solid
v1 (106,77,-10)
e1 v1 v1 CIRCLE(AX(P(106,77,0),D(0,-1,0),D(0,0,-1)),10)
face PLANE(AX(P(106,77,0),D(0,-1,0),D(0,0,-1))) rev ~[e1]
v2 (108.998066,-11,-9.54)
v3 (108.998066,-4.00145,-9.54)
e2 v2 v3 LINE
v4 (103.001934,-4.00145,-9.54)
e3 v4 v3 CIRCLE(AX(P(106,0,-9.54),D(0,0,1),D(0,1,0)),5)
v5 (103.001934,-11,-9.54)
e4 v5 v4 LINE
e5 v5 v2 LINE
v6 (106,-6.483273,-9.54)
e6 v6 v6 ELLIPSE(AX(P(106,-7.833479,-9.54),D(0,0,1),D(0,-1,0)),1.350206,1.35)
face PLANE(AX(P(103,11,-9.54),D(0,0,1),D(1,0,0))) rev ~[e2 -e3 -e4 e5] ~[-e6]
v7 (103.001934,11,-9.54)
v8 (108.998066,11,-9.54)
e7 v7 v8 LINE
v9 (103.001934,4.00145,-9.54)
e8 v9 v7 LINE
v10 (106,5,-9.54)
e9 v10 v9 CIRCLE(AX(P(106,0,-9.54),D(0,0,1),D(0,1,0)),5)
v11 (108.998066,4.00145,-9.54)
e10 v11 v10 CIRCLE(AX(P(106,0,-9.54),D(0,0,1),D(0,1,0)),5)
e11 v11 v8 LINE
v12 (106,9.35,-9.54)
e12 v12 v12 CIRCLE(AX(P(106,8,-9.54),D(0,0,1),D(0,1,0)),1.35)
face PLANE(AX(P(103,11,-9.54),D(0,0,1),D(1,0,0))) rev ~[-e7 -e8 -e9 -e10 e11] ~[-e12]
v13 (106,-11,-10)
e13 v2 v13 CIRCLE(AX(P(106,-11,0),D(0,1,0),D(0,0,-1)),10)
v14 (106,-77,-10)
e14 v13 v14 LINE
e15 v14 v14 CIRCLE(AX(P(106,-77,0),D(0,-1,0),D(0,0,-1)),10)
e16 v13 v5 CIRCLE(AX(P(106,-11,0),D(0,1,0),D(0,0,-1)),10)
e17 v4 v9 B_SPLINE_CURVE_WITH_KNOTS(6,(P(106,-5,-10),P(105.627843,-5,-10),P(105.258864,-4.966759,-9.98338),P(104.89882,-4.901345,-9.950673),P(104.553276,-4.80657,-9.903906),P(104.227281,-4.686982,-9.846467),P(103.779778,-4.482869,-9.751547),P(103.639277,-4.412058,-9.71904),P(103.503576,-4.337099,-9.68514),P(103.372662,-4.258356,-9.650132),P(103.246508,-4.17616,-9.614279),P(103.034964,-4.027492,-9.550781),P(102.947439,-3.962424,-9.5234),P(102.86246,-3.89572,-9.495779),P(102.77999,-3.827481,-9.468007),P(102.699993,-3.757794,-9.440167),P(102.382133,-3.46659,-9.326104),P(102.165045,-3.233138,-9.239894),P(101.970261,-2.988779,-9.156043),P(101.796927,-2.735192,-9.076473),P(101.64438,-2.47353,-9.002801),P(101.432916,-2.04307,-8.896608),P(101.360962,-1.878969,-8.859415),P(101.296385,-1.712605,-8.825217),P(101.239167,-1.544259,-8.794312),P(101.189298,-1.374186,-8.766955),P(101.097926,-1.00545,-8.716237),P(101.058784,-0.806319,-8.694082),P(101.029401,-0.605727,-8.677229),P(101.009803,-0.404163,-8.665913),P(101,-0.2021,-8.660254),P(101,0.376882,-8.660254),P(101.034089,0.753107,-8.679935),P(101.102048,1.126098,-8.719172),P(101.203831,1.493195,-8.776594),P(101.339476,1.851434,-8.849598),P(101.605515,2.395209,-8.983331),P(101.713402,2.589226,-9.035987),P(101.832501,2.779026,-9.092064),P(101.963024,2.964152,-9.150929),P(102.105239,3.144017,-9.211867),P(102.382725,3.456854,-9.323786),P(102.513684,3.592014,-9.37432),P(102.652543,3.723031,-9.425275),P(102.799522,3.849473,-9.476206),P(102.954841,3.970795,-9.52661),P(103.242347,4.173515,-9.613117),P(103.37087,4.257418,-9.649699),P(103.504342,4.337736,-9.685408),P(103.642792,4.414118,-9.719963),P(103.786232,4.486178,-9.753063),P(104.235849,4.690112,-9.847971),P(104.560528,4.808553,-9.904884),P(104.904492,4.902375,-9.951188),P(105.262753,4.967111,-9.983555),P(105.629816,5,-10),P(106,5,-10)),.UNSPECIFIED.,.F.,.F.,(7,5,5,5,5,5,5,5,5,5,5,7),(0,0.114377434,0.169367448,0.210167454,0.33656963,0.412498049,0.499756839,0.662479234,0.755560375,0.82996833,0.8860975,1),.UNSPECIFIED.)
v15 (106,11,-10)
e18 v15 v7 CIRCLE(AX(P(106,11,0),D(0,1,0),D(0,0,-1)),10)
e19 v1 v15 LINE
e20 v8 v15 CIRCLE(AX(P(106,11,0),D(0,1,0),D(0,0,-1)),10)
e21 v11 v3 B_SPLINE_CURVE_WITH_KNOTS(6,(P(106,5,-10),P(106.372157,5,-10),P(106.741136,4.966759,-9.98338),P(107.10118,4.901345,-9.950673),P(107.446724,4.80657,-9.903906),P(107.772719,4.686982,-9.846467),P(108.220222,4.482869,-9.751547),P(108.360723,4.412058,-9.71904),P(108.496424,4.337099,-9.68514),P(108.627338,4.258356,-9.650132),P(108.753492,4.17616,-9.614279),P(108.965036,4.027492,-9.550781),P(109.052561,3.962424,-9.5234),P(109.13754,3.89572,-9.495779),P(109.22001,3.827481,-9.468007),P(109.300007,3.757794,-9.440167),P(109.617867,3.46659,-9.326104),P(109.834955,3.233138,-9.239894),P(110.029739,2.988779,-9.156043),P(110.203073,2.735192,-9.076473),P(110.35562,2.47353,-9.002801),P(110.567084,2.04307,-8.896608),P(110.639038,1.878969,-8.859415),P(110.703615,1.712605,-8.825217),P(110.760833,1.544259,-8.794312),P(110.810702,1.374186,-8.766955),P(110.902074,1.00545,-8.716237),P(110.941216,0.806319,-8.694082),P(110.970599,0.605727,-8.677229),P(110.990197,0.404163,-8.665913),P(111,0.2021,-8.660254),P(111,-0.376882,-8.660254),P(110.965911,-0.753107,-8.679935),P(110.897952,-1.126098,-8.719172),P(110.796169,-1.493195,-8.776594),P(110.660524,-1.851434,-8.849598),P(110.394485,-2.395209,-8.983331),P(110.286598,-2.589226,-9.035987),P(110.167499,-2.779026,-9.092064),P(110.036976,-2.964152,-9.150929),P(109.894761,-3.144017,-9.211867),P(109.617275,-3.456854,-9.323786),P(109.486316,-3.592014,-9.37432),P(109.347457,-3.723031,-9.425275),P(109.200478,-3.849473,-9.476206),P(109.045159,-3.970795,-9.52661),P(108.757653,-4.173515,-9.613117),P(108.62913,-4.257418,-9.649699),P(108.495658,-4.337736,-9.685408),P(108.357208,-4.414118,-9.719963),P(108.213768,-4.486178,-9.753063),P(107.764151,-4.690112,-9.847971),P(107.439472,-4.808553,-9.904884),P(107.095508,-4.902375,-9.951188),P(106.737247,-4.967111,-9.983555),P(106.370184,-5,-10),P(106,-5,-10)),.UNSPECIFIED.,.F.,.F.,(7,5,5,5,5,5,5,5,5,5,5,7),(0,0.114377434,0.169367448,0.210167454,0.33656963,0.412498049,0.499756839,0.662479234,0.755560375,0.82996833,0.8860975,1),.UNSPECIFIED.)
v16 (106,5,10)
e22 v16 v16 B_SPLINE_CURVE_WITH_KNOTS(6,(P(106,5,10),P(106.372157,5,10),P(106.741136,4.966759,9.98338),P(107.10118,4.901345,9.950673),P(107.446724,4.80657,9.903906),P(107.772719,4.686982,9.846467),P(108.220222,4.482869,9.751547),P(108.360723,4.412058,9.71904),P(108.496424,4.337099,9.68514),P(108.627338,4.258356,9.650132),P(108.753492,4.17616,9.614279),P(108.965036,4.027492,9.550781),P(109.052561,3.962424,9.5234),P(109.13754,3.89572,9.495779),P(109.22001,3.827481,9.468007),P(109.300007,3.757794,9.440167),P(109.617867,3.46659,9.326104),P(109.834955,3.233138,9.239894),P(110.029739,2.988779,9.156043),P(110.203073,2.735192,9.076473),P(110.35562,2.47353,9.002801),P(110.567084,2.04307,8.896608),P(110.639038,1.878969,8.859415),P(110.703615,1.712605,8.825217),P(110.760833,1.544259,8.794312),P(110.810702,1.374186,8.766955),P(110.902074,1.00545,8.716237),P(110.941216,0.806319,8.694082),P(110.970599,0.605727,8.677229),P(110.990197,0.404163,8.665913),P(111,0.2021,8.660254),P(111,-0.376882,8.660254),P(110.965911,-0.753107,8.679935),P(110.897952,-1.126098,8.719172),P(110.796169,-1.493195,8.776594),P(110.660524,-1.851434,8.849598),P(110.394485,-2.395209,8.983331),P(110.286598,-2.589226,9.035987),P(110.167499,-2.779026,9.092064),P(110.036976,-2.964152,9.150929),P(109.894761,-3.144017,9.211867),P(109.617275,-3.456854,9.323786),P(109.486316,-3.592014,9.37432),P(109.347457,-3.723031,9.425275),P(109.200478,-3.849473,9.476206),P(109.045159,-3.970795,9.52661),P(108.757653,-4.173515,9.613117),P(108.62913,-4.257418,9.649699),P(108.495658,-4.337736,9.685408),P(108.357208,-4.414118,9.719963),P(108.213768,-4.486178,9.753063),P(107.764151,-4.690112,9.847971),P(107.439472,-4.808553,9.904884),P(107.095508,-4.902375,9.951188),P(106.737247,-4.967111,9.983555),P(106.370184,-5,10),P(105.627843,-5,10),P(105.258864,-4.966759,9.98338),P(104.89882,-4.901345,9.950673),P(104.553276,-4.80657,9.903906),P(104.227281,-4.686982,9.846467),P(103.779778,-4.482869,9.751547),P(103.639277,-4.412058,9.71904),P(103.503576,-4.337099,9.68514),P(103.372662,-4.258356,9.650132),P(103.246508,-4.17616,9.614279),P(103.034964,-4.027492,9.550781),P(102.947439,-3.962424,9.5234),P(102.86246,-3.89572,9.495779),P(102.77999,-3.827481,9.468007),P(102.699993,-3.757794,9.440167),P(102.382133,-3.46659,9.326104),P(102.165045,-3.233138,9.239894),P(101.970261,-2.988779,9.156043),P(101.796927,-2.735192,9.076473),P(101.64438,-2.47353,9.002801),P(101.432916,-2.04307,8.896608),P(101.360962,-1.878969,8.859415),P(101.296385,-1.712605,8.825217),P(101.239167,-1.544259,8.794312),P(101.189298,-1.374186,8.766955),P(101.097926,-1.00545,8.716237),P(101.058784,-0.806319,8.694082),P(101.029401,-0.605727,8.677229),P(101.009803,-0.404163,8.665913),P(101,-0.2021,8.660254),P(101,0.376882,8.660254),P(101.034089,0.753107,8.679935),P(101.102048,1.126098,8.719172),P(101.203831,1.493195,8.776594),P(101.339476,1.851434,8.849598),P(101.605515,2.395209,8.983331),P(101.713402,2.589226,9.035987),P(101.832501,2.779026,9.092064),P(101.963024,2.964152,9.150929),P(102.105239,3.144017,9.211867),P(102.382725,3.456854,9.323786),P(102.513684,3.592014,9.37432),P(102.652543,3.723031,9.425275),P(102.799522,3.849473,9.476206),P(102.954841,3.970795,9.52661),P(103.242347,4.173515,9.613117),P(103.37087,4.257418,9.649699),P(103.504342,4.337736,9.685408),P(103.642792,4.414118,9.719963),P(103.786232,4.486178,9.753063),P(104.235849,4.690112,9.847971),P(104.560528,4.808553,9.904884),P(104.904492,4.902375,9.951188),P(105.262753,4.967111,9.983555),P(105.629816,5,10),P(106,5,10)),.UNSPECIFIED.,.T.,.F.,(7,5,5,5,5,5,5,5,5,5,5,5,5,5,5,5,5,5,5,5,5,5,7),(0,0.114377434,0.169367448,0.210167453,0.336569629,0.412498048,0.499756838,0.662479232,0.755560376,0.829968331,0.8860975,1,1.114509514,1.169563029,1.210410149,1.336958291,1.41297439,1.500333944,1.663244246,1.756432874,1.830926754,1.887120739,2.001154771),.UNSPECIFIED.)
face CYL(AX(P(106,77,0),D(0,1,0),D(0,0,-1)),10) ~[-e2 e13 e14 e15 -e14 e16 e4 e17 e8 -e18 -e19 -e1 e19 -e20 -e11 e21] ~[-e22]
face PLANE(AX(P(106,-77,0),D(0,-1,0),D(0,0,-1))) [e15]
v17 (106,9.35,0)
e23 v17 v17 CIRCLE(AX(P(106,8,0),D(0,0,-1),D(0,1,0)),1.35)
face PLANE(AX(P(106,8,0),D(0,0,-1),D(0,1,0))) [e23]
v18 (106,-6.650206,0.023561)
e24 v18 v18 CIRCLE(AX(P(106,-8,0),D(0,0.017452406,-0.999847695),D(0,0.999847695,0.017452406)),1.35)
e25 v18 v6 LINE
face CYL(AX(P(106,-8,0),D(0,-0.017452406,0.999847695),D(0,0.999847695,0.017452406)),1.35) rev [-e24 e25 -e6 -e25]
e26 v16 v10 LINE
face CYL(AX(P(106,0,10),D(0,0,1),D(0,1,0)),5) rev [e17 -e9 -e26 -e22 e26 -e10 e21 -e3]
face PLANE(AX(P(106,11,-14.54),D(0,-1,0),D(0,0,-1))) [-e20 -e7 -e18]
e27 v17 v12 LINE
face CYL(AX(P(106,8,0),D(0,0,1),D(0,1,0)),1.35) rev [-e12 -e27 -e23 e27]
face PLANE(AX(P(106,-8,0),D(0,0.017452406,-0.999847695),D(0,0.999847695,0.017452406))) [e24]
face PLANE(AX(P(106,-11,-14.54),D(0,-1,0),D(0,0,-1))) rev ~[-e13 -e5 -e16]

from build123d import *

# Parameters (mm, degrees)
CYLINDER004_R               = 1.35
CYLINDER004_DEPTH           = 10
CYLINDER004_PLACEMENT_ANGLE = 91
CYLINDER003_R               = 1.35
CYLINDER003_DEPTH           = 10
CYLINDER003_PITCH_ANGLE     = 90
CYLINDER002_R               = 5
CYLINDER002_DEPTH           = 20
CYLINDER002_PITCH_ANGLE     = 90
BOX_W                       = 10
BOX_H                       = 6
BOX_DEPTH                   = 22
CYLINDER001_R               = 10
CYLINDER001_DEPTH           = 154
CUT003_PITCH_ANGLE          = 90
CUT003_PLACEMENT_ANGLE      = -90


with BuildPart() as cylinder004:
    # Cylinder004 → Cylinder004 (new body)
    with BuildSketch(Plane.XY):
        Circle(CYLINDER004_R)
    extrude(amount=CYLINDER004_DEPTH)


with BuildPart() as cylinder004_1:
    # Cylinder004 placement: moved
    add(cylinder004.part.moved(Location((0, 0, 85))).rotate(Axis((0, 0, 85), (0, 1, 0)), CYLINDER004_PLACEMENT_ANGLE))


with BuildPart() as cylinder003:
    # Cylinder003 → Cylinder003 (new body)
    with BuildSketch(Plane.XY):
        Circle(CYLINDER003_R)
    extrude(amount=CYLINDER003_DEPTH)


with BuildPart() as cylinder003_1:
    # Cylinder003 pitch: moved
    add(cylinder003.part.rotate(Axis((0, 0, 0), (0, 1, 0)), CYLINDER003_PITCH_ANGLE))


with BuildPart() as cylinder003_2:
    # Cylinder003 placement: moved
    add(cylinder003_1.part.moved(Location((0, 0, 69))))


with BuildPart() as cylinder002:
    # Cylinder002 → Cylinder002 (new body)
    with BuildSketch(Plane.XY):
        Circle(CYLINDER002_R)
    extrude(amount=CYLINDER002_DEPTH)


with BuildPart() as cylinder002_1:
    # Cylinder002 pitch: moved
    add(cylinder002.part.rotate(Axis((0, 0, 0), (0, 1, 0)), CYLINDER002_PITCH_ANGLE))


with BuildPart() as cylinder002_2:
    # Cylinder002 placement: moved
    add(cylinder002_1.part.moved(Location((-10, 0, 77))))


with BuildPart() as cube:
    # Box → Box (new body)
    with BuildSketch(Plane(origin=(9.54, -3, 66), x_dir=(1, 0, 0), z_dir=(0, 0, 1))):
        with Locations((5, 3)):
            Rectangle(BOX_W, BOX_H)
    extrude(amount=BOX_DEPTH)


with BuildPart() as lever:
    # Cylinder001 → Cylinder001 (new body)
    with BuildSketch(Plane.XY):
        Circle(CYLINDER001_R)
    extrude(amount=CYLINDER001_DEPTH)

    # Cut: cut Cube
    add(cube.part, mode=Mode.SUBTRACT)

    # Cut001: cut Cylinder002
    add(cylinder002_2.part, mode=Mode.SUBTRACT)

    # Cut002: cut Cylinder003
    add(cylinder003_2.part, mode=Mode.SUBTRACT)

    # Cut003: cut Cylinder004
    add(cylinder004_1.part, mode=Mode.SUBTRACT)


with BuildPart() as lever_1:
    # Cut003 pitch: moved
    add(lever.part.rotate(Axis((0, 0, 0), (0, 1, 0)), CUT003_PITCH_ANGLE))


with BuildPart() as lever_2:
    # Cut003 placement: moved
    add(lever_1.part.moved(Location((106, 77, 0))).rotate(Axis((106, 77, 0), (0, 0, 1)), CUT003_PLACEMENT_ANGLE))


solid = lever_2.part
